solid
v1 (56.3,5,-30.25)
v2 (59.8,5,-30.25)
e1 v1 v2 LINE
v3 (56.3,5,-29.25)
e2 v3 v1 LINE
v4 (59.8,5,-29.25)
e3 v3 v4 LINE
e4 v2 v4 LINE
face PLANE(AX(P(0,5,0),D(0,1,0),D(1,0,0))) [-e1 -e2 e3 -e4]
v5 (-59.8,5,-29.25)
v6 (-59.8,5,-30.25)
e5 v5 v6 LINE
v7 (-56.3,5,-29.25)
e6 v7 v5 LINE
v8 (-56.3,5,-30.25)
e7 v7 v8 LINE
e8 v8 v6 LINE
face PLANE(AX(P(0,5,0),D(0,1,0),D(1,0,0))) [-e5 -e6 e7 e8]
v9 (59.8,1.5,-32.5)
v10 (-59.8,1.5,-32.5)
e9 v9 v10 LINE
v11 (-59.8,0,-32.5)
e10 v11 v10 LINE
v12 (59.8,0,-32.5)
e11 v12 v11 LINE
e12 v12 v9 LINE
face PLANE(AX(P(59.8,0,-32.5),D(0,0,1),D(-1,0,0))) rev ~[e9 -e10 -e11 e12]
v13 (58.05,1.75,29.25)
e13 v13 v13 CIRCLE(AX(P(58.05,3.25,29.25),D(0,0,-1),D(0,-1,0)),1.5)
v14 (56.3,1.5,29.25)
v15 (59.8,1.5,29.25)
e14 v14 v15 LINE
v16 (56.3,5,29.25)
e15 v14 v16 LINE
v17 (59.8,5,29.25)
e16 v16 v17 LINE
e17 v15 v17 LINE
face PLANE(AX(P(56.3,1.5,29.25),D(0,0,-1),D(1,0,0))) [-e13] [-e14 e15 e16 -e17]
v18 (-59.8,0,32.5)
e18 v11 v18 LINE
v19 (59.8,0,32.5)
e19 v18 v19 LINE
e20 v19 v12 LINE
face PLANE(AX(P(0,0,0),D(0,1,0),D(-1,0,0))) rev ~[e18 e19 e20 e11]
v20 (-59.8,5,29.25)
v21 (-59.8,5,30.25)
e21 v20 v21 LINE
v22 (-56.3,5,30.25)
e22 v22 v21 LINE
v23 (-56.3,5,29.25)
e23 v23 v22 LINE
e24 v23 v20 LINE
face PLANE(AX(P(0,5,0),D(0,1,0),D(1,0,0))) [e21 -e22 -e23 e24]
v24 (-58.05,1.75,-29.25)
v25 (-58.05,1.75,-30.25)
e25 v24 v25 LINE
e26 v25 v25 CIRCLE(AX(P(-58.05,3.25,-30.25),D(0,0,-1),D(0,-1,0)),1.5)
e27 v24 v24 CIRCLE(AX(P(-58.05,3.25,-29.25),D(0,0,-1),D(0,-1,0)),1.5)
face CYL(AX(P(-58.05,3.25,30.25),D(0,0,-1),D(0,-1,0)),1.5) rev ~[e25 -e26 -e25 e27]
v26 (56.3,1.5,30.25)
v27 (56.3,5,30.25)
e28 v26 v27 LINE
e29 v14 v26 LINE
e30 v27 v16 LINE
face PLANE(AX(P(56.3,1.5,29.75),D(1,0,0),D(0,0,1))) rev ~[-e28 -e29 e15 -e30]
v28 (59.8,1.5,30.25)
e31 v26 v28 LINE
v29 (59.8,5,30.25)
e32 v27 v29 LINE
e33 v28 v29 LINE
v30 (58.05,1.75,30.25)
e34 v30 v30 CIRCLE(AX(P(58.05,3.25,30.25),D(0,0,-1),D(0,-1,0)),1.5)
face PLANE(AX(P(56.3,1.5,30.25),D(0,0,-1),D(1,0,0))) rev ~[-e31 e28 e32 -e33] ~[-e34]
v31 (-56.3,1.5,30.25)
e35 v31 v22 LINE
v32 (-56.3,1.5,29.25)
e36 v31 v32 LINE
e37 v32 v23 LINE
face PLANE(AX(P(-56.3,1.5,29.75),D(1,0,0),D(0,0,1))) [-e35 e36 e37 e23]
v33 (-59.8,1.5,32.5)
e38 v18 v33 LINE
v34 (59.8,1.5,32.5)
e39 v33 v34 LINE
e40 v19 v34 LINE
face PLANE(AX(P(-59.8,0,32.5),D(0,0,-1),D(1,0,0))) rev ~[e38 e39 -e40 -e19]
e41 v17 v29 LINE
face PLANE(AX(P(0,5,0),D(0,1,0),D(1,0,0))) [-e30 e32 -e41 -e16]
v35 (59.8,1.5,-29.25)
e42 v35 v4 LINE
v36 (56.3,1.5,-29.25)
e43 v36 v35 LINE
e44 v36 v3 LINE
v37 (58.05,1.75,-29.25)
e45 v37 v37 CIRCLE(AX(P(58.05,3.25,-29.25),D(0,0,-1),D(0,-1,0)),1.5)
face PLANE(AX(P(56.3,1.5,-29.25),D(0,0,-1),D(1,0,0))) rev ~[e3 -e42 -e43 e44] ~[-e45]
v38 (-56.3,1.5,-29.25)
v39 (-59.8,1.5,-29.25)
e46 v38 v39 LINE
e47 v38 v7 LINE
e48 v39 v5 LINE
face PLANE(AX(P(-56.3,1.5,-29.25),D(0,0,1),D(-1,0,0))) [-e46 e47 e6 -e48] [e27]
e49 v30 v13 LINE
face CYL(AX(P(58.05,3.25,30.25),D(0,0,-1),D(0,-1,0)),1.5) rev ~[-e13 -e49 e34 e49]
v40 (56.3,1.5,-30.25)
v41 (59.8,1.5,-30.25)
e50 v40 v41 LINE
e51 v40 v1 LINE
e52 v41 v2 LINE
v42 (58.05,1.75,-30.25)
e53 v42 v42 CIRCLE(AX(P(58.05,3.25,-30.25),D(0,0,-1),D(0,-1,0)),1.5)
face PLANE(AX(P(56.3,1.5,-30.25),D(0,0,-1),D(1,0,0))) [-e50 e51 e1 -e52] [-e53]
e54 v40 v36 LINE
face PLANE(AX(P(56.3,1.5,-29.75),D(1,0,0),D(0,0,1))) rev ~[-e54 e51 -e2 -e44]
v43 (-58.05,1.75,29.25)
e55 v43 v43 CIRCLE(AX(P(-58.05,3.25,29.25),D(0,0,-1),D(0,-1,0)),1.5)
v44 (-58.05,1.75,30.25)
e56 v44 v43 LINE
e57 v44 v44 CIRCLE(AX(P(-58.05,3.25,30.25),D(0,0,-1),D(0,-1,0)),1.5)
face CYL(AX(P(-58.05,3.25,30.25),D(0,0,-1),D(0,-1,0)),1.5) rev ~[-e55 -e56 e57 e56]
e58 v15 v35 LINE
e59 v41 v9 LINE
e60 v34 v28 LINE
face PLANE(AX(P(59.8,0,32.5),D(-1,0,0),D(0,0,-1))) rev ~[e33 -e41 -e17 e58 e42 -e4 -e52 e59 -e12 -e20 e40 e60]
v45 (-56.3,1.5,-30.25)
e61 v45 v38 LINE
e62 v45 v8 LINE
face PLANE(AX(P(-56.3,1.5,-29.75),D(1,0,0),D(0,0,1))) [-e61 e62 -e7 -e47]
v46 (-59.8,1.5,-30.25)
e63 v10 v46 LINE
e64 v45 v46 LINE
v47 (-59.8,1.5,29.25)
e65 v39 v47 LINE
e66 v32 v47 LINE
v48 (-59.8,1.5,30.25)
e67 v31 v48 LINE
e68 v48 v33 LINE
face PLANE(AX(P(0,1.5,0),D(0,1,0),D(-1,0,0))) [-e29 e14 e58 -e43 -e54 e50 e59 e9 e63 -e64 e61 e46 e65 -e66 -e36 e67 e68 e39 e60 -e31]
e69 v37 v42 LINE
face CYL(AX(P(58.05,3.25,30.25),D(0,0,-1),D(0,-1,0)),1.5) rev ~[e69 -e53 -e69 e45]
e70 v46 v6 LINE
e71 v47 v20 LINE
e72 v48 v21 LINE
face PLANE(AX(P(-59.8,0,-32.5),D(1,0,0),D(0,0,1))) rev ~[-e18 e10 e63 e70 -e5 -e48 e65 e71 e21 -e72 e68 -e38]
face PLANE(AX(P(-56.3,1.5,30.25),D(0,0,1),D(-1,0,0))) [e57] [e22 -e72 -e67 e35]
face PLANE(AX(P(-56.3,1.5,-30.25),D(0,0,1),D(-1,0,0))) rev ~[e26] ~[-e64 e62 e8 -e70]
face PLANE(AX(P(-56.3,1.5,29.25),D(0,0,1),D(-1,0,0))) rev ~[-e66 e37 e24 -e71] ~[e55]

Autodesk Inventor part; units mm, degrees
ref_plane "YZ Plane" through (0, 0, 0) normal (1, 0, 0) x (0, 1, 0)
ref_plane "XZ Plane" through (0, 0, 0) normal (0, 1, 0) x (-1, 0, 0)
ref_plane "XY Plane" through (0, 0, 0) normal (0, 0, 1) x (1, 0, 0)
sketch "Sketch1" plane through (0, 0, 0) normal (0, 1, 0) x (-1, 0, 0)
  line L0 (59.8, 32.5) -> (-59.8, 32.5)
  line L1 (-59.8, 32.5) -> (-59.8, -32.5)
  line L2 (-59.8, -32.5) -> (59.8, -32.5)
  line L3 (59.8, -32.5) -> (59.8, 32.5)
  line L4 (59.8, 32.5) -> (-59.8, -32.5) construction
  line L5 (-59.8, 32.5) -> (59.8, -32.5) construction
  point P0 (0, 0)
  dimension "d0" = 119.6
  dimension "d1" = 65
extrude "Extrusion1" add sketch "Sketch1" along normal blind 1.5
sketch "Sketch2" plane through (0, 1.5, 0) normal (0, 1, 0) x (1, 0, 0)
  line L0 (59.8, -32.5) -> (59.8, 32.5) projected
  line L1 (-59.8, -29.75) -> (59.8, -29.75)
  line L2 (59.8, -29.75) -> (59.8, 29.75)
  line L3 (59.8, 29.75) -> (-59.8, 29.75)
  line L4 (-59.8, 29.75) -> (-59.8, -29.75)
  line L5 (-59.8, -29.75) -> (59.8, 29.75) construction
  line L6 (59.8, -29.75) -> (-59.8, 29.75) construction
  line L7 (59.8, 29.75) -> (56.3, 29.75)
  line L8 (56.3, 29.75) -> (56.3, 30.25)
  line L9 (56.3, 30.25) -> (59.8, 30.25)
  line L10 (59.8, 30.25) -> (59.8, 29.75)
  line L11 (56.3, 29.75) -> (56.3, 29.25)
  line L12 (56.3, 29.25) -> (59.8, 29.25)
  line L13 (59.8, 29.25) -> (59.8, 29.75)
  line L14 (0, 0) -> (0, 29.75)
  line L15 (0, 0) -> (37, 0)
  line L16 (-59.8, 29.75) -> (-56.3, 29.75)
  line L17 (-56.3, 29.75) -> (-56.3, 30.25)
  line L18 (-56.3, 30.25) -> (-59.8, 30.25)
  line L19 (-59.8, 30.25) -> (-59.8, 29.75)
  line L20 (-56.3, 29.75) -> (-56.3, 29.25)
  line L21 (-56.3, 29.25) -> (-59.8, 29.25)
  line L22 (-59.8, 29.25) -> (-59.8, 29.75)
  line L23 (59.8, -29.75) -> (56.3, -29.75)
  line L24 (56.3, -29.75) -> (56.3, -30.25)
  line L25 (56.3, -30.25) -> (59.8, -30.25)
  line L26 (59.8, -30.25) -> (59.8, -29.75)
  line L27 (56.3, -29.75) -> (56.3, -29.25)
  line L28 (56.3, -29.25) -> (59.8, -29.25)
  line L29 (59.8, -29.25) -> (59.8, -29.75)
  line L30 (-59.8, -29.75) -> (-56.3, -29.75)
  line L31 (-56.3, -29.75) -> (-56.3, -30.25)
  line L32 (-59.8, -30.25) -> (-59.8, -29.75)
  line L33 (-56.3, -29.75) -> (-56.3, -29.25)
  line L34 (-56.3, -29.25) -> (-59.8, -29.25)
  line L35 (-59.8, -29.25) -> (-59.8, -29.75)
  line L36 (-56.3, -30.25) -> (-59.8, -30.25)
  dimension "d4" = 59.5
  dimension "d5" = 3.5
  dimension "d6" = 0.5
extrude "Extrusion2" add sketch "Sketch2" along normal blind 3.5 contours L25 L24 L1 L0 | L1 L27 L28 L0 | L12 L11 L3 L0 | L31 L36 L32 L1 | L1 L4 L34 L33 | L3 L8 L9 L0 | L4 L3 L20 L21 | L3 L19 L18 L17
hole "Hole1" at (-58.05, 3.25, 30.25) direction (0, 0, -1) diameter 3 end through all
hole "Hole2" at (58.05, 3.25, 30.25) direction (0, 0, -1) diameter 3 end through all
properties part number "Bumper big"
